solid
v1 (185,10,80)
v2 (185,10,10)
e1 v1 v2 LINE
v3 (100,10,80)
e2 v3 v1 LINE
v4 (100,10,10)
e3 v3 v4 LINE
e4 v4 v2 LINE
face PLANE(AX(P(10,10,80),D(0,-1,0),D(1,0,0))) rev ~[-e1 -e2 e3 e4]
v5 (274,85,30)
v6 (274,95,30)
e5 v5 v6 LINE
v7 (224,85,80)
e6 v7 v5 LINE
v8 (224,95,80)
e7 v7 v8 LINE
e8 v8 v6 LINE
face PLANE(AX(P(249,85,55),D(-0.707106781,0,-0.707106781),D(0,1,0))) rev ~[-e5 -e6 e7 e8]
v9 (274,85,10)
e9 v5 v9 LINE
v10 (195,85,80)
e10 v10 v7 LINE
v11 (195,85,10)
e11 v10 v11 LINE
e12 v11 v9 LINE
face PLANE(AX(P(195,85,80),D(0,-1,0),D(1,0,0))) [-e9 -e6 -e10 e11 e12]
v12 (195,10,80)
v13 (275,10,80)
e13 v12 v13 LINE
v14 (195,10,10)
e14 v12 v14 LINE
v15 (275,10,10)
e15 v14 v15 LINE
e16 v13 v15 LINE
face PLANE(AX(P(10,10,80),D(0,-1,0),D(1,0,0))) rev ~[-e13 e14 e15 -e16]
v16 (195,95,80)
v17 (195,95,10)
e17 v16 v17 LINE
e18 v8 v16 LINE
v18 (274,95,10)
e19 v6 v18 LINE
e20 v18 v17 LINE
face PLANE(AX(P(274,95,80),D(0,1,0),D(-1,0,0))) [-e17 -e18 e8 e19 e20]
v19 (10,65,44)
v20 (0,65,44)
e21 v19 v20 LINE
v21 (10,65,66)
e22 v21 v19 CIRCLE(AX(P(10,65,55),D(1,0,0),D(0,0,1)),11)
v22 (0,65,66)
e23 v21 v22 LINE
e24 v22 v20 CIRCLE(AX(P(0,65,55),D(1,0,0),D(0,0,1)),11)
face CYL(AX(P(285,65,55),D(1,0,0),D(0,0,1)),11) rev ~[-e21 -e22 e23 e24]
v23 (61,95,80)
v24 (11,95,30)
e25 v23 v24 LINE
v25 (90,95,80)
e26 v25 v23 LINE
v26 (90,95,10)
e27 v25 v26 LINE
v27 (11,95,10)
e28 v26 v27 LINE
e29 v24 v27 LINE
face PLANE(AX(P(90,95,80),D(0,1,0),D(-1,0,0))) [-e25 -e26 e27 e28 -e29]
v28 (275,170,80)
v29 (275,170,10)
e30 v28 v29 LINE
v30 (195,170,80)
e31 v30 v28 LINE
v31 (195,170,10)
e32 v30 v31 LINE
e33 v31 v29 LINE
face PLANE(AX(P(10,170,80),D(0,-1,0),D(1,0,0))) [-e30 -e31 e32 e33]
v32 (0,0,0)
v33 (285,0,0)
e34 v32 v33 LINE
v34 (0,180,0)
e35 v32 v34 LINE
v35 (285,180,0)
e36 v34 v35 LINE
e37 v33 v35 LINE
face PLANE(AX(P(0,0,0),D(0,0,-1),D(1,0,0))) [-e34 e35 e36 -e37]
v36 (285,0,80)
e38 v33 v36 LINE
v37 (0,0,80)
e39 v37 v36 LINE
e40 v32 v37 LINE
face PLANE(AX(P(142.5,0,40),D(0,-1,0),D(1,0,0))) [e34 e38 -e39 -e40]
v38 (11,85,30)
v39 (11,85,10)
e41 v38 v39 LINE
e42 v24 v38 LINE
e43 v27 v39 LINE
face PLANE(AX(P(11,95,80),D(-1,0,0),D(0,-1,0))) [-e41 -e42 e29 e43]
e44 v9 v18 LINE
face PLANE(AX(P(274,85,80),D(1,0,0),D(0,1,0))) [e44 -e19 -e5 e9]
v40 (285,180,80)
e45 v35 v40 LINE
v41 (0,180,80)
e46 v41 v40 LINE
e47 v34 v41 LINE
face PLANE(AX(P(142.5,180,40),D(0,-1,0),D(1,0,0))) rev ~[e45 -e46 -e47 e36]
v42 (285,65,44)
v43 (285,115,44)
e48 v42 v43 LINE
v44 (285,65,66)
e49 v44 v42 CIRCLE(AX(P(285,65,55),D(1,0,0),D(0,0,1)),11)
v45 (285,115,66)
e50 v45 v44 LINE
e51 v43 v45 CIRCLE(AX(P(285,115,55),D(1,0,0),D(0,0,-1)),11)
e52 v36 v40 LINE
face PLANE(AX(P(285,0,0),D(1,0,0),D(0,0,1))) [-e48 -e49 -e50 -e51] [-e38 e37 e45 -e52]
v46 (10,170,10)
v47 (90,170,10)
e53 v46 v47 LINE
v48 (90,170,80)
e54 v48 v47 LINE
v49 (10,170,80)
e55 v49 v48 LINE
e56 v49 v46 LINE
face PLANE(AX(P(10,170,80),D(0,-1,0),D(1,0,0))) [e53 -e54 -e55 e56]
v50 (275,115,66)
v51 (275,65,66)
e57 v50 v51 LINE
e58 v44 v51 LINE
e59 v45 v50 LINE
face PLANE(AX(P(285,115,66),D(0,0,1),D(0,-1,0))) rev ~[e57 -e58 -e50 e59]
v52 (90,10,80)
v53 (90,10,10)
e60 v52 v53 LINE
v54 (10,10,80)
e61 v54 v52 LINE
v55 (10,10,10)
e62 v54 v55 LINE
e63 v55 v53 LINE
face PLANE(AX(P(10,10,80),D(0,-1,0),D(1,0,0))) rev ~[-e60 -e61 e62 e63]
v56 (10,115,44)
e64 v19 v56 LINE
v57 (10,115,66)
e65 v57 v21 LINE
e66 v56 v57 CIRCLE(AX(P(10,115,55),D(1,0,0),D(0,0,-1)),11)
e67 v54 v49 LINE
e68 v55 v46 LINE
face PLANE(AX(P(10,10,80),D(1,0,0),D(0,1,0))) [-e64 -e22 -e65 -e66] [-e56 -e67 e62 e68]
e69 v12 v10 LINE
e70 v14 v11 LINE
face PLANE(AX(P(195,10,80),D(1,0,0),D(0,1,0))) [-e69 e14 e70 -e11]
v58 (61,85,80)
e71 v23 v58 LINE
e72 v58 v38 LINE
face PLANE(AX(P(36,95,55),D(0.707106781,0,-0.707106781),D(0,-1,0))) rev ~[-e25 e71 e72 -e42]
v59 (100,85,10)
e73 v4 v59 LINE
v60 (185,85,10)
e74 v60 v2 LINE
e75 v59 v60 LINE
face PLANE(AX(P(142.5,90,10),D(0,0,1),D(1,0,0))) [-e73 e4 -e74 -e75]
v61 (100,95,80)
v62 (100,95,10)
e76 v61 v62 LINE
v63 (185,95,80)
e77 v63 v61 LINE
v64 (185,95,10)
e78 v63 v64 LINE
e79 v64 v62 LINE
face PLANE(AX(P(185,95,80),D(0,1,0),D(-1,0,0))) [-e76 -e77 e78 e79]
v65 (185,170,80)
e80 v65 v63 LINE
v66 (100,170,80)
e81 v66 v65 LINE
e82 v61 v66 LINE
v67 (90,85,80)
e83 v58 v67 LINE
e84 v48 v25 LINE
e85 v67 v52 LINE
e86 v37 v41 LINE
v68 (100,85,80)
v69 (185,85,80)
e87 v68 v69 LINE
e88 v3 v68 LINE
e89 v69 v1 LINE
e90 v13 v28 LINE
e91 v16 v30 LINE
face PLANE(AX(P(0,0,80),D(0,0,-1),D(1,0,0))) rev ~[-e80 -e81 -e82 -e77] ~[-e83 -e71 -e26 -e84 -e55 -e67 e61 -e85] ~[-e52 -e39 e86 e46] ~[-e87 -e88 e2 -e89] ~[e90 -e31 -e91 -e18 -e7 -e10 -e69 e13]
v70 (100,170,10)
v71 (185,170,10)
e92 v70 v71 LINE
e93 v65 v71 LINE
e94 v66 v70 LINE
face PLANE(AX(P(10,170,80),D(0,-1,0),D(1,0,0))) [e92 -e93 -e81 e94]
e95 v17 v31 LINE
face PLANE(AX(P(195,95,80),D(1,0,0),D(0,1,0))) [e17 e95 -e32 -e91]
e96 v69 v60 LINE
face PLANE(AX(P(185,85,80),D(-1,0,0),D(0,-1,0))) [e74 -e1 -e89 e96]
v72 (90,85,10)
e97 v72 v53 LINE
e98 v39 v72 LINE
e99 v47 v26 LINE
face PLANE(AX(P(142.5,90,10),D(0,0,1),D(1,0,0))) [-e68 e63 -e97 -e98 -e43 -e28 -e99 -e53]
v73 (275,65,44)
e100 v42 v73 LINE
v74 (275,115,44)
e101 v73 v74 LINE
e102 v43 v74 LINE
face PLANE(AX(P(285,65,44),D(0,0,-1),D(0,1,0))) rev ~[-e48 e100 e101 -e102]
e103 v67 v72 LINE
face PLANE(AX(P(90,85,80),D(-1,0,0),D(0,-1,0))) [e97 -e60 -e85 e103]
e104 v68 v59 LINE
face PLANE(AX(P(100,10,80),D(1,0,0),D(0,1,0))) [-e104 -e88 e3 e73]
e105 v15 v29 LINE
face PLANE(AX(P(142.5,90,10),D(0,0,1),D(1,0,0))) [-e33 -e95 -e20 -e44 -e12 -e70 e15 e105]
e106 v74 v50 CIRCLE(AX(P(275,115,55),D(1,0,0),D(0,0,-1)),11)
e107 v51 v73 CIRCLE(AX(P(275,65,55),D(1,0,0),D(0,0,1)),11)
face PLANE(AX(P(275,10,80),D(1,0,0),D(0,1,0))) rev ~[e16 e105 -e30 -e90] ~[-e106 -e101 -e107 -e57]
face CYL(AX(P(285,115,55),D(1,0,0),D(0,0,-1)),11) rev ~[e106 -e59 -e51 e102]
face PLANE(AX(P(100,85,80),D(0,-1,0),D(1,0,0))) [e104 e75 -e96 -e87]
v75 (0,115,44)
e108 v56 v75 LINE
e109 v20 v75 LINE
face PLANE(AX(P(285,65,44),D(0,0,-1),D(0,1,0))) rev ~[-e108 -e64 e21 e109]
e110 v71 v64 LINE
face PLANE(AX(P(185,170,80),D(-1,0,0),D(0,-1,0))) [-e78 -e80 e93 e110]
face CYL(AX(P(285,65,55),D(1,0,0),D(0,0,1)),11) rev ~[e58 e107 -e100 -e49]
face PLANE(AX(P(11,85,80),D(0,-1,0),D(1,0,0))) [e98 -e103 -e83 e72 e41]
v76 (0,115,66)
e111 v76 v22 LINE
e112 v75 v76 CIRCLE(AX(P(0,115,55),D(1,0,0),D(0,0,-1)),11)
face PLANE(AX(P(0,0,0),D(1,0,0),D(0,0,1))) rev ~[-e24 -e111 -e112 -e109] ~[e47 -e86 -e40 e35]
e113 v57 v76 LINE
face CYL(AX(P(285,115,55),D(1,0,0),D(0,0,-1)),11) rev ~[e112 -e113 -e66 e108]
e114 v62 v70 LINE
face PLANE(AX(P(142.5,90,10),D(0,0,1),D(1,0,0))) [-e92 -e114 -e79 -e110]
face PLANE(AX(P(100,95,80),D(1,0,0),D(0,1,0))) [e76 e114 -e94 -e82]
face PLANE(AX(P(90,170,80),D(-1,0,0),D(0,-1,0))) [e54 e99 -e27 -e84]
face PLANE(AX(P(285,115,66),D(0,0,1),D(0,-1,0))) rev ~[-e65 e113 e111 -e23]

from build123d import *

# Parameters (mm, degrees)
F0_W     = 285
F0_H     = 80
F1_DEPTH = 180
F2_W     = 265
F2_H     = 160
F3_DEPTH = 70
F5_DEPTH = 285.001
F7_DEPTH = 70
F8_SIZE2 = 50
F8_SIZE  = 50


with BuildPart() as f1:
    # F0 (on Front) → F1 (new body)
    with BuildSketch(Plane.XZ):
        with Locations((142.5, 40)):
            Rectangle(F0_W, F0_H)
    extrude(amount=-F1_DEPTH)

    # F2 (on face) → F3 (cut)
    with BuildSketch(Plane.XY.offset(80)):
        with Locations((142.5, 90)):
            Rectangle(F2_W, F2_H)
    extrude(amount=-F3_DEPTH, mode=Mode.SUBTRACT)

    # F4 (on face) → F5 (cut, through all)
    with BuildSketch(Plane.YZ.offset(285)):
        with BuildLine():
            Line((115, 66), (65, 66))
            ThreePointArc((65, 66), (54, 55), (65, 44))
            Line((65, 44), (115, 44))
            ThreePointArc((115, 44), (126, 55), (115, 66))
        make_face()
    extrude(amount=-F5_DEPTH, mode=Mode.SUBTRACT)

    # F6 (on face) → F7 (join)
    with BuildSketch(Plane.XY.offset(80)):
        Polygon((100, 170), (90, 170), (90, 95), (11, 95), (11, 85), (90, 85), (90, 10), (100, 10), (100, 85), (185, 85), (185, 10), (195, 10), (195, 85), (274, 85), (274, 95), (195, 95), (195, 170), (185, 170), (185, 95), (100, 95), align=None)
    extrude(amount=-F7_DEPTH)

    # F8
    f8_edges = [f1.edges().sort_by_distance(p)[0] for p in [
        (11, 90, 80),
        (274, 90, 80),
    ]]
    chamfer(f8_edges, length=F8_SIZE, length2=F8_SIZE2)


solid = f1.part
